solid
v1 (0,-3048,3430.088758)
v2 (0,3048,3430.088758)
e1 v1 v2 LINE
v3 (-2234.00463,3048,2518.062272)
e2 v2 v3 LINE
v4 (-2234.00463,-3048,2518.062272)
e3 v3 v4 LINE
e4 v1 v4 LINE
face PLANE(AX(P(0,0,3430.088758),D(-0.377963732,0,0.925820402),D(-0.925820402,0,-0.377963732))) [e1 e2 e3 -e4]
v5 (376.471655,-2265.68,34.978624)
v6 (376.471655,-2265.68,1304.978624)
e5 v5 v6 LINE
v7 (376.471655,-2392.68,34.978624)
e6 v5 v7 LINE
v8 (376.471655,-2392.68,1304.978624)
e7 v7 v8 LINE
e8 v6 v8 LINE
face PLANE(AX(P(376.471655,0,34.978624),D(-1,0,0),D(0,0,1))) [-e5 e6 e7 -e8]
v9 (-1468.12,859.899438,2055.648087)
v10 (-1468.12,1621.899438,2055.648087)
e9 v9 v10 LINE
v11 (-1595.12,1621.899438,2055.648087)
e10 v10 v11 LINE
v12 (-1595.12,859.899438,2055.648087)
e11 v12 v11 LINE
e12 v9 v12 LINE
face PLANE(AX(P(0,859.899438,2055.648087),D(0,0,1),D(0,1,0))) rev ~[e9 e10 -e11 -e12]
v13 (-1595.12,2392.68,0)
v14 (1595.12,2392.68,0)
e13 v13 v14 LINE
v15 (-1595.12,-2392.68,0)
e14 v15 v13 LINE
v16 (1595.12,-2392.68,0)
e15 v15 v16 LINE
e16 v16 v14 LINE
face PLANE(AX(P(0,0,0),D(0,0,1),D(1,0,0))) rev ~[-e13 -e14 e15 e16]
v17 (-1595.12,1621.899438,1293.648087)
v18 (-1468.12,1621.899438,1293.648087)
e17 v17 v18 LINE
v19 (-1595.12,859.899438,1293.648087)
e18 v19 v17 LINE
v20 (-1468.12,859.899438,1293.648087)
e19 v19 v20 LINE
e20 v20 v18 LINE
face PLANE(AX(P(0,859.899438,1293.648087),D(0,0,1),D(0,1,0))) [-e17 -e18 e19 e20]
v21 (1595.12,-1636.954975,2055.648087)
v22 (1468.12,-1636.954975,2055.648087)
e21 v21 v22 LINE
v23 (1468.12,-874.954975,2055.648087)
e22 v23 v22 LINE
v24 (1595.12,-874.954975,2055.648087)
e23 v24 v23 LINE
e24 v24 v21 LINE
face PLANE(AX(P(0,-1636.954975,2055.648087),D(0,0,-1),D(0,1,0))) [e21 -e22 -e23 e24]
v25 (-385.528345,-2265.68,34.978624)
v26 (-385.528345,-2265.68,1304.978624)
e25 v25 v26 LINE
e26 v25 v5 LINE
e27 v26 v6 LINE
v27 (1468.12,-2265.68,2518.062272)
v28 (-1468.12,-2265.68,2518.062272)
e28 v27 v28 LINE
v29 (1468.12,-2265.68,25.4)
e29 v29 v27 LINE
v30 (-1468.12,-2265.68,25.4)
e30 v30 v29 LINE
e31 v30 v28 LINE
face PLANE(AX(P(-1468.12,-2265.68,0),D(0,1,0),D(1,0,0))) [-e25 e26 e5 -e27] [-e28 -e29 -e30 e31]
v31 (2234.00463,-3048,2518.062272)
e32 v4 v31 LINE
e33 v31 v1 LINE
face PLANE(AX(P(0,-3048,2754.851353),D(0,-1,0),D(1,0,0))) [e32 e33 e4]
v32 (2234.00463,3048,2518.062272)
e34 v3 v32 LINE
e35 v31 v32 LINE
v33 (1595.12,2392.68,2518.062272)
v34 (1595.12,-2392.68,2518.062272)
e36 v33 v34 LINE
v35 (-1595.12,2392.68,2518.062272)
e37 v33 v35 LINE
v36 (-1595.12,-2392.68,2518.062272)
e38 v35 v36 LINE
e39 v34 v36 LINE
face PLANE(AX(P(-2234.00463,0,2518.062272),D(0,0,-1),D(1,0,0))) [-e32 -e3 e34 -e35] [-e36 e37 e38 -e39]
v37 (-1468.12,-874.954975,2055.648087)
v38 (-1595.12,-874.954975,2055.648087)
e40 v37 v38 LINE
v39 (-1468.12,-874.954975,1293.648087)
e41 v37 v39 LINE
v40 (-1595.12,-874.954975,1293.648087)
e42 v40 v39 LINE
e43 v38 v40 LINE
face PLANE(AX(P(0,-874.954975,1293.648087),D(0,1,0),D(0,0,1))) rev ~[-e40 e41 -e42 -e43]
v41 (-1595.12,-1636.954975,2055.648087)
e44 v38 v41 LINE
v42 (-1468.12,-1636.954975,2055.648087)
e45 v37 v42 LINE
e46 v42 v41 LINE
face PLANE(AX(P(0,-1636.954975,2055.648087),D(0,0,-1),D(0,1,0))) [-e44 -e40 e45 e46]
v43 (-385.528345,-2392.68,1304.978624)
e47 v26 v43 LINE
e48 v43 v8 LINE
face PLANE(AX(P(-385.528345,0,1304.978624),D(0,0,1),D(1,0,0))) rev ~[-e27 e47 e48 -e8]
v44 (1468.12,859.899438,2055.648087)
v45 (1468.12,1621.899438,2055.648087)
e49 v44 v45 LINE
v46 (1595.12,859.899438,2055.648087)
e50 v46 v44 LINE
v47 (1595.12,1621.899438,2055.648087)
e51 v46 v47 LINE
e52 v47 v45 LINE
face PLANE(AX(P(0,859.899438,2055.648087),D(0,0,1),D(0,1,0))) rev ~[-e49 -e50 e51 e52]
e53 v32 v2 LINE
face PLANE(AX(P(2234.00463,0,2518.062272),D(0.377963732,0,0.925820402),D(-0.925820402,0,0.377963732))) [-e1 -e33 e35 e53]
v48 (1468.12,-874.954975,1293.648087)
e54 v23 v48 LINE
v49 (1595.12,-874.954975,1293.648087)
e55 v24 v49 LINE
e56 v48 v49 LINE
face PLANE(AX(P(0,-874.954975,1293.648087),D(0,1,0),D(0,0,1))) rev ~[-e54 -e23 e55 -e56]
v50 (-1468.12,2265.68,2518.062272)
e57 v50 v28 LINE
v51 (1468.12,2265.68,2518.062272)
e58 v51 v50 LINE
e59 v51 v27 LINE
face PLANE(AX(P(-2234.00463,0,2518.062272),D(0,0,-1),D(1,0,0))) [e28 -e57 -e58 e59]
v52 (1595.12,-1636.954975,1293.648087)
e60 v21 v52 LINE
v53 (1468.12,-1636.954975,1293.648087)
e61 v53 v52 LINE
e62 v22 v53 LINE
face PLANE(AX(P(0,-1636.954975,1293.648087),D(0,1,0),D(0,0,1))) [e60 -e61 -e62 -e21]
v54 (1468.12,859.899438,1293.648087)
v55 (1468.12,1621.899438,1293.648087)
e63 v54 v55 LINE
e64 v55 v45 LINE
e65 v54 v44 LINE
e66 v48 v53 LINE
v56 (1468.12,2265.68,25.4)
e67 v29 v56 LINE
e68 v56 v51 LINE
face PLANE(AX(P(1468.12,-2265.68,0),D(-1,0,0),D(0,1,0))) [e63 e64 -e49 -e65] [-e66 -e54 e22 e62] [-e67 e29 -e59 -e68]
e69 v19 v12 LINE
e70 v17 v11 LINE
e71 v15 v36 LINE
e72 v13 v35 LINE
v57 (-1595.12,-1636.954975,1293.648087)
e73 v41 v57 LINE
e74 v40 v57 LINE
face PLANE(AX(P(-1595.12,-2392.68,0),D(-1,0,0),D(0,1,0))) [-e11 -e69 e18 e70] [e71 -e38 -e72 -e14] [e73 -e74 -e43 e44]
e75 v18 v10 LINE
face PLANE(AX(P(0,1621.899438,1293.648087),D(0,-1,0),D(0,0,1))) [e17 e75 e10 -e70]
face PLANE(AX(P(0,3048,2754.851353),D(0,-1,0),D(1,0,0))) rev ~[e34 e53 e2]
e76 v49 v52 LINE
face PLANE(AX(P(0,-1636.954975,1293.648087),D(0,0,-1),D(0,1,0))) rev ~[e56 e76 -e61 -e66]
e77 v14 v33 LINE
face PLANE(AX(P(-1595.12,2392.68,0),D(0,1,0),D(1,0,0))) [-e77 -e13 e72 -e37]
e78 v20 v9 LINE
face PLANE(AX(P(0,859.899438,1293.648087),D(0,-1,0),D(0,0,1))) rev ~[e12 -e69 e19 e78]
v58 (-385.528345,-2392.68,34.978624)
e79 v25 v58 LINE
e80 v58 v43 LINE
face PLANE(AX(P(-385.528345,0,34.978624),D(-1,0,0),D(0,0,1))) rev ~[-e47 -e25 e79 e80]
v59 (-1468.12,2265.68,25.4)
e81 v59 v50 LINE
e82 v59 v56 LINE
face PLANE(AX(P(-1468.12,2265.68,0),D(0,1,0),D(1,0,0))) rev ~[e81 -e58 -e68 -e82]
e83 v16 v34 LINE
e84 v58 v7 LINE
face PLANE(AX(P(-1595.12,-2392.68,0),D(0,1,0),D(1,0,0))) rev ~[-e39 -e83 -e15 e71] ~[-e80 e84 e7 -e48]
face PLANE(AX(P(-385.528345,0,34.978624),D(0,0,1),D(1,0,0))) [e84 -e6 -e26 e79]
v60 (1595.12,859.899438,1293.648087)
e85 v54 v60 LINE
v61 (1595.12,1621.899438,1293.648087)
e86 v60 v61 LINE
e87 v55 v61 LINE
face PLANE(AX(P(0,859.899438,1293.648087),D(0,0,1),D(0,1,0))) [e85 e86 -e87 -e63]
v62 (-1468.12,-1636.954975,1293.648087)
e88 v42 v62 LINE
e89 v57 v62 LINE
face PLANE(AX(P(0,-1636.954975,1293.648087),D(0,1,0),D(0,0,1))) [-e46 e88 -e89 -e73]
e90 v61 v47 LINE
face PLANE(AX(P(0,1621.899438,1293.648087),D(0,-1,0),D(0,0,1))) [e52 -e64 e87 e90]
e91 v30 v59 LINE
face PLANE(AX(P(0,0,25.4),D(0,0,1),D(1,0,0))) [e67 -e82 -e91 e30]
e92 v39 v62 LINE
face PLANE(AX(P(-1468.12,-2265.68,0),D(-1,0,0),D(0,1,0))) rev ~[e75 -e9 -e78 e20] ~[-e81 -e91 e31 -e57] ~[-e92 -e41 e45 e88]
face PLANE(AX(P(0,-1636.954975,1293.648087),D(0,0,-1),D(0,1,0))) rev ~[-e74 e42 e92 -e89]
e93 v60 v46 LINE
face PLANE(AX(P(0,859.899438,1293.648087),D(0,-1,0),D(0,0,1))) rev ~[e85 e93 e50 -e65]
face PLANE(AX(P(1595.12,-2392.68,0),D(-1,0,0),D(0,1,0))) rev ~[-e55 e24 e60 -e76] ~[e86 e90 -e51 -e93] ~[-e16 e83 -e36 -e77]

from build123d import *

# Parameters (mm, degrees)
F0_W     = 3190.24
F0_H     = 4785.36
F0_W_2   = 2936.24
F0_H_2   = 4531.36
F1_DEPTH = 2540
F2_DEPTH = 25.4
F4_DEPTH = 3048
F5_W     = 762
F5_H     = 1270
F6_DEPTH = 12700
F7_W     = 762
F7_H     = 762
F8_DEPTH = 3810


with BuildPart() as f1:
    # F0 (on Top) → F1 (new body)
    with BuildSketch(Plane.XY):
        Rectangle(F0_W, F0_H)
        Rectangle(F0_W_2, F0_H_2, mode=Mode.SUBTRACT)
    extrude(amount=F1_DEPTH)

    # F0 (on Top) → F2 (join)
    with BuildSketch(Plane.XY):
        Rectangle(F0_W_2, F0_H_2)
    extrude(amount=F2_DEPTH)

    # F3 (on Front) → F4 (join, symmetric)
    with BuildSketch(Plane.XZ):
        Polygon((0, 3430.088758), (-2234.00463, 2518.062272), (2234.00463, 2518.062272), align=None)
    extrude(amount=F4_DEPTH, both=True)

    # F5 (on Front) → F6 (cut)
    with BuildSketch(Plane.XZ):
        with Locations((-4.528345, 669.978624)):
            Rectangle(F5_W, F5_H)
    extrude(amount=F6_DEPTH, mode=Mode.SUBTRACT)

    # F7 (on Right) → F8 (cut, symmetric)
    with BuildSketch(Plane.YZ):
        with Locations((1240.899438, 1674.648087)):
            Rectangle(F7_W, F7_H)
        with Locations((-1255.954975, 1674.648087)):
            Rectangle(F7_W, F7_H)
    extrude(amount=F8_DEPTH, both=True, mode=Mode.SUBTRACT)


solid = f1.part
